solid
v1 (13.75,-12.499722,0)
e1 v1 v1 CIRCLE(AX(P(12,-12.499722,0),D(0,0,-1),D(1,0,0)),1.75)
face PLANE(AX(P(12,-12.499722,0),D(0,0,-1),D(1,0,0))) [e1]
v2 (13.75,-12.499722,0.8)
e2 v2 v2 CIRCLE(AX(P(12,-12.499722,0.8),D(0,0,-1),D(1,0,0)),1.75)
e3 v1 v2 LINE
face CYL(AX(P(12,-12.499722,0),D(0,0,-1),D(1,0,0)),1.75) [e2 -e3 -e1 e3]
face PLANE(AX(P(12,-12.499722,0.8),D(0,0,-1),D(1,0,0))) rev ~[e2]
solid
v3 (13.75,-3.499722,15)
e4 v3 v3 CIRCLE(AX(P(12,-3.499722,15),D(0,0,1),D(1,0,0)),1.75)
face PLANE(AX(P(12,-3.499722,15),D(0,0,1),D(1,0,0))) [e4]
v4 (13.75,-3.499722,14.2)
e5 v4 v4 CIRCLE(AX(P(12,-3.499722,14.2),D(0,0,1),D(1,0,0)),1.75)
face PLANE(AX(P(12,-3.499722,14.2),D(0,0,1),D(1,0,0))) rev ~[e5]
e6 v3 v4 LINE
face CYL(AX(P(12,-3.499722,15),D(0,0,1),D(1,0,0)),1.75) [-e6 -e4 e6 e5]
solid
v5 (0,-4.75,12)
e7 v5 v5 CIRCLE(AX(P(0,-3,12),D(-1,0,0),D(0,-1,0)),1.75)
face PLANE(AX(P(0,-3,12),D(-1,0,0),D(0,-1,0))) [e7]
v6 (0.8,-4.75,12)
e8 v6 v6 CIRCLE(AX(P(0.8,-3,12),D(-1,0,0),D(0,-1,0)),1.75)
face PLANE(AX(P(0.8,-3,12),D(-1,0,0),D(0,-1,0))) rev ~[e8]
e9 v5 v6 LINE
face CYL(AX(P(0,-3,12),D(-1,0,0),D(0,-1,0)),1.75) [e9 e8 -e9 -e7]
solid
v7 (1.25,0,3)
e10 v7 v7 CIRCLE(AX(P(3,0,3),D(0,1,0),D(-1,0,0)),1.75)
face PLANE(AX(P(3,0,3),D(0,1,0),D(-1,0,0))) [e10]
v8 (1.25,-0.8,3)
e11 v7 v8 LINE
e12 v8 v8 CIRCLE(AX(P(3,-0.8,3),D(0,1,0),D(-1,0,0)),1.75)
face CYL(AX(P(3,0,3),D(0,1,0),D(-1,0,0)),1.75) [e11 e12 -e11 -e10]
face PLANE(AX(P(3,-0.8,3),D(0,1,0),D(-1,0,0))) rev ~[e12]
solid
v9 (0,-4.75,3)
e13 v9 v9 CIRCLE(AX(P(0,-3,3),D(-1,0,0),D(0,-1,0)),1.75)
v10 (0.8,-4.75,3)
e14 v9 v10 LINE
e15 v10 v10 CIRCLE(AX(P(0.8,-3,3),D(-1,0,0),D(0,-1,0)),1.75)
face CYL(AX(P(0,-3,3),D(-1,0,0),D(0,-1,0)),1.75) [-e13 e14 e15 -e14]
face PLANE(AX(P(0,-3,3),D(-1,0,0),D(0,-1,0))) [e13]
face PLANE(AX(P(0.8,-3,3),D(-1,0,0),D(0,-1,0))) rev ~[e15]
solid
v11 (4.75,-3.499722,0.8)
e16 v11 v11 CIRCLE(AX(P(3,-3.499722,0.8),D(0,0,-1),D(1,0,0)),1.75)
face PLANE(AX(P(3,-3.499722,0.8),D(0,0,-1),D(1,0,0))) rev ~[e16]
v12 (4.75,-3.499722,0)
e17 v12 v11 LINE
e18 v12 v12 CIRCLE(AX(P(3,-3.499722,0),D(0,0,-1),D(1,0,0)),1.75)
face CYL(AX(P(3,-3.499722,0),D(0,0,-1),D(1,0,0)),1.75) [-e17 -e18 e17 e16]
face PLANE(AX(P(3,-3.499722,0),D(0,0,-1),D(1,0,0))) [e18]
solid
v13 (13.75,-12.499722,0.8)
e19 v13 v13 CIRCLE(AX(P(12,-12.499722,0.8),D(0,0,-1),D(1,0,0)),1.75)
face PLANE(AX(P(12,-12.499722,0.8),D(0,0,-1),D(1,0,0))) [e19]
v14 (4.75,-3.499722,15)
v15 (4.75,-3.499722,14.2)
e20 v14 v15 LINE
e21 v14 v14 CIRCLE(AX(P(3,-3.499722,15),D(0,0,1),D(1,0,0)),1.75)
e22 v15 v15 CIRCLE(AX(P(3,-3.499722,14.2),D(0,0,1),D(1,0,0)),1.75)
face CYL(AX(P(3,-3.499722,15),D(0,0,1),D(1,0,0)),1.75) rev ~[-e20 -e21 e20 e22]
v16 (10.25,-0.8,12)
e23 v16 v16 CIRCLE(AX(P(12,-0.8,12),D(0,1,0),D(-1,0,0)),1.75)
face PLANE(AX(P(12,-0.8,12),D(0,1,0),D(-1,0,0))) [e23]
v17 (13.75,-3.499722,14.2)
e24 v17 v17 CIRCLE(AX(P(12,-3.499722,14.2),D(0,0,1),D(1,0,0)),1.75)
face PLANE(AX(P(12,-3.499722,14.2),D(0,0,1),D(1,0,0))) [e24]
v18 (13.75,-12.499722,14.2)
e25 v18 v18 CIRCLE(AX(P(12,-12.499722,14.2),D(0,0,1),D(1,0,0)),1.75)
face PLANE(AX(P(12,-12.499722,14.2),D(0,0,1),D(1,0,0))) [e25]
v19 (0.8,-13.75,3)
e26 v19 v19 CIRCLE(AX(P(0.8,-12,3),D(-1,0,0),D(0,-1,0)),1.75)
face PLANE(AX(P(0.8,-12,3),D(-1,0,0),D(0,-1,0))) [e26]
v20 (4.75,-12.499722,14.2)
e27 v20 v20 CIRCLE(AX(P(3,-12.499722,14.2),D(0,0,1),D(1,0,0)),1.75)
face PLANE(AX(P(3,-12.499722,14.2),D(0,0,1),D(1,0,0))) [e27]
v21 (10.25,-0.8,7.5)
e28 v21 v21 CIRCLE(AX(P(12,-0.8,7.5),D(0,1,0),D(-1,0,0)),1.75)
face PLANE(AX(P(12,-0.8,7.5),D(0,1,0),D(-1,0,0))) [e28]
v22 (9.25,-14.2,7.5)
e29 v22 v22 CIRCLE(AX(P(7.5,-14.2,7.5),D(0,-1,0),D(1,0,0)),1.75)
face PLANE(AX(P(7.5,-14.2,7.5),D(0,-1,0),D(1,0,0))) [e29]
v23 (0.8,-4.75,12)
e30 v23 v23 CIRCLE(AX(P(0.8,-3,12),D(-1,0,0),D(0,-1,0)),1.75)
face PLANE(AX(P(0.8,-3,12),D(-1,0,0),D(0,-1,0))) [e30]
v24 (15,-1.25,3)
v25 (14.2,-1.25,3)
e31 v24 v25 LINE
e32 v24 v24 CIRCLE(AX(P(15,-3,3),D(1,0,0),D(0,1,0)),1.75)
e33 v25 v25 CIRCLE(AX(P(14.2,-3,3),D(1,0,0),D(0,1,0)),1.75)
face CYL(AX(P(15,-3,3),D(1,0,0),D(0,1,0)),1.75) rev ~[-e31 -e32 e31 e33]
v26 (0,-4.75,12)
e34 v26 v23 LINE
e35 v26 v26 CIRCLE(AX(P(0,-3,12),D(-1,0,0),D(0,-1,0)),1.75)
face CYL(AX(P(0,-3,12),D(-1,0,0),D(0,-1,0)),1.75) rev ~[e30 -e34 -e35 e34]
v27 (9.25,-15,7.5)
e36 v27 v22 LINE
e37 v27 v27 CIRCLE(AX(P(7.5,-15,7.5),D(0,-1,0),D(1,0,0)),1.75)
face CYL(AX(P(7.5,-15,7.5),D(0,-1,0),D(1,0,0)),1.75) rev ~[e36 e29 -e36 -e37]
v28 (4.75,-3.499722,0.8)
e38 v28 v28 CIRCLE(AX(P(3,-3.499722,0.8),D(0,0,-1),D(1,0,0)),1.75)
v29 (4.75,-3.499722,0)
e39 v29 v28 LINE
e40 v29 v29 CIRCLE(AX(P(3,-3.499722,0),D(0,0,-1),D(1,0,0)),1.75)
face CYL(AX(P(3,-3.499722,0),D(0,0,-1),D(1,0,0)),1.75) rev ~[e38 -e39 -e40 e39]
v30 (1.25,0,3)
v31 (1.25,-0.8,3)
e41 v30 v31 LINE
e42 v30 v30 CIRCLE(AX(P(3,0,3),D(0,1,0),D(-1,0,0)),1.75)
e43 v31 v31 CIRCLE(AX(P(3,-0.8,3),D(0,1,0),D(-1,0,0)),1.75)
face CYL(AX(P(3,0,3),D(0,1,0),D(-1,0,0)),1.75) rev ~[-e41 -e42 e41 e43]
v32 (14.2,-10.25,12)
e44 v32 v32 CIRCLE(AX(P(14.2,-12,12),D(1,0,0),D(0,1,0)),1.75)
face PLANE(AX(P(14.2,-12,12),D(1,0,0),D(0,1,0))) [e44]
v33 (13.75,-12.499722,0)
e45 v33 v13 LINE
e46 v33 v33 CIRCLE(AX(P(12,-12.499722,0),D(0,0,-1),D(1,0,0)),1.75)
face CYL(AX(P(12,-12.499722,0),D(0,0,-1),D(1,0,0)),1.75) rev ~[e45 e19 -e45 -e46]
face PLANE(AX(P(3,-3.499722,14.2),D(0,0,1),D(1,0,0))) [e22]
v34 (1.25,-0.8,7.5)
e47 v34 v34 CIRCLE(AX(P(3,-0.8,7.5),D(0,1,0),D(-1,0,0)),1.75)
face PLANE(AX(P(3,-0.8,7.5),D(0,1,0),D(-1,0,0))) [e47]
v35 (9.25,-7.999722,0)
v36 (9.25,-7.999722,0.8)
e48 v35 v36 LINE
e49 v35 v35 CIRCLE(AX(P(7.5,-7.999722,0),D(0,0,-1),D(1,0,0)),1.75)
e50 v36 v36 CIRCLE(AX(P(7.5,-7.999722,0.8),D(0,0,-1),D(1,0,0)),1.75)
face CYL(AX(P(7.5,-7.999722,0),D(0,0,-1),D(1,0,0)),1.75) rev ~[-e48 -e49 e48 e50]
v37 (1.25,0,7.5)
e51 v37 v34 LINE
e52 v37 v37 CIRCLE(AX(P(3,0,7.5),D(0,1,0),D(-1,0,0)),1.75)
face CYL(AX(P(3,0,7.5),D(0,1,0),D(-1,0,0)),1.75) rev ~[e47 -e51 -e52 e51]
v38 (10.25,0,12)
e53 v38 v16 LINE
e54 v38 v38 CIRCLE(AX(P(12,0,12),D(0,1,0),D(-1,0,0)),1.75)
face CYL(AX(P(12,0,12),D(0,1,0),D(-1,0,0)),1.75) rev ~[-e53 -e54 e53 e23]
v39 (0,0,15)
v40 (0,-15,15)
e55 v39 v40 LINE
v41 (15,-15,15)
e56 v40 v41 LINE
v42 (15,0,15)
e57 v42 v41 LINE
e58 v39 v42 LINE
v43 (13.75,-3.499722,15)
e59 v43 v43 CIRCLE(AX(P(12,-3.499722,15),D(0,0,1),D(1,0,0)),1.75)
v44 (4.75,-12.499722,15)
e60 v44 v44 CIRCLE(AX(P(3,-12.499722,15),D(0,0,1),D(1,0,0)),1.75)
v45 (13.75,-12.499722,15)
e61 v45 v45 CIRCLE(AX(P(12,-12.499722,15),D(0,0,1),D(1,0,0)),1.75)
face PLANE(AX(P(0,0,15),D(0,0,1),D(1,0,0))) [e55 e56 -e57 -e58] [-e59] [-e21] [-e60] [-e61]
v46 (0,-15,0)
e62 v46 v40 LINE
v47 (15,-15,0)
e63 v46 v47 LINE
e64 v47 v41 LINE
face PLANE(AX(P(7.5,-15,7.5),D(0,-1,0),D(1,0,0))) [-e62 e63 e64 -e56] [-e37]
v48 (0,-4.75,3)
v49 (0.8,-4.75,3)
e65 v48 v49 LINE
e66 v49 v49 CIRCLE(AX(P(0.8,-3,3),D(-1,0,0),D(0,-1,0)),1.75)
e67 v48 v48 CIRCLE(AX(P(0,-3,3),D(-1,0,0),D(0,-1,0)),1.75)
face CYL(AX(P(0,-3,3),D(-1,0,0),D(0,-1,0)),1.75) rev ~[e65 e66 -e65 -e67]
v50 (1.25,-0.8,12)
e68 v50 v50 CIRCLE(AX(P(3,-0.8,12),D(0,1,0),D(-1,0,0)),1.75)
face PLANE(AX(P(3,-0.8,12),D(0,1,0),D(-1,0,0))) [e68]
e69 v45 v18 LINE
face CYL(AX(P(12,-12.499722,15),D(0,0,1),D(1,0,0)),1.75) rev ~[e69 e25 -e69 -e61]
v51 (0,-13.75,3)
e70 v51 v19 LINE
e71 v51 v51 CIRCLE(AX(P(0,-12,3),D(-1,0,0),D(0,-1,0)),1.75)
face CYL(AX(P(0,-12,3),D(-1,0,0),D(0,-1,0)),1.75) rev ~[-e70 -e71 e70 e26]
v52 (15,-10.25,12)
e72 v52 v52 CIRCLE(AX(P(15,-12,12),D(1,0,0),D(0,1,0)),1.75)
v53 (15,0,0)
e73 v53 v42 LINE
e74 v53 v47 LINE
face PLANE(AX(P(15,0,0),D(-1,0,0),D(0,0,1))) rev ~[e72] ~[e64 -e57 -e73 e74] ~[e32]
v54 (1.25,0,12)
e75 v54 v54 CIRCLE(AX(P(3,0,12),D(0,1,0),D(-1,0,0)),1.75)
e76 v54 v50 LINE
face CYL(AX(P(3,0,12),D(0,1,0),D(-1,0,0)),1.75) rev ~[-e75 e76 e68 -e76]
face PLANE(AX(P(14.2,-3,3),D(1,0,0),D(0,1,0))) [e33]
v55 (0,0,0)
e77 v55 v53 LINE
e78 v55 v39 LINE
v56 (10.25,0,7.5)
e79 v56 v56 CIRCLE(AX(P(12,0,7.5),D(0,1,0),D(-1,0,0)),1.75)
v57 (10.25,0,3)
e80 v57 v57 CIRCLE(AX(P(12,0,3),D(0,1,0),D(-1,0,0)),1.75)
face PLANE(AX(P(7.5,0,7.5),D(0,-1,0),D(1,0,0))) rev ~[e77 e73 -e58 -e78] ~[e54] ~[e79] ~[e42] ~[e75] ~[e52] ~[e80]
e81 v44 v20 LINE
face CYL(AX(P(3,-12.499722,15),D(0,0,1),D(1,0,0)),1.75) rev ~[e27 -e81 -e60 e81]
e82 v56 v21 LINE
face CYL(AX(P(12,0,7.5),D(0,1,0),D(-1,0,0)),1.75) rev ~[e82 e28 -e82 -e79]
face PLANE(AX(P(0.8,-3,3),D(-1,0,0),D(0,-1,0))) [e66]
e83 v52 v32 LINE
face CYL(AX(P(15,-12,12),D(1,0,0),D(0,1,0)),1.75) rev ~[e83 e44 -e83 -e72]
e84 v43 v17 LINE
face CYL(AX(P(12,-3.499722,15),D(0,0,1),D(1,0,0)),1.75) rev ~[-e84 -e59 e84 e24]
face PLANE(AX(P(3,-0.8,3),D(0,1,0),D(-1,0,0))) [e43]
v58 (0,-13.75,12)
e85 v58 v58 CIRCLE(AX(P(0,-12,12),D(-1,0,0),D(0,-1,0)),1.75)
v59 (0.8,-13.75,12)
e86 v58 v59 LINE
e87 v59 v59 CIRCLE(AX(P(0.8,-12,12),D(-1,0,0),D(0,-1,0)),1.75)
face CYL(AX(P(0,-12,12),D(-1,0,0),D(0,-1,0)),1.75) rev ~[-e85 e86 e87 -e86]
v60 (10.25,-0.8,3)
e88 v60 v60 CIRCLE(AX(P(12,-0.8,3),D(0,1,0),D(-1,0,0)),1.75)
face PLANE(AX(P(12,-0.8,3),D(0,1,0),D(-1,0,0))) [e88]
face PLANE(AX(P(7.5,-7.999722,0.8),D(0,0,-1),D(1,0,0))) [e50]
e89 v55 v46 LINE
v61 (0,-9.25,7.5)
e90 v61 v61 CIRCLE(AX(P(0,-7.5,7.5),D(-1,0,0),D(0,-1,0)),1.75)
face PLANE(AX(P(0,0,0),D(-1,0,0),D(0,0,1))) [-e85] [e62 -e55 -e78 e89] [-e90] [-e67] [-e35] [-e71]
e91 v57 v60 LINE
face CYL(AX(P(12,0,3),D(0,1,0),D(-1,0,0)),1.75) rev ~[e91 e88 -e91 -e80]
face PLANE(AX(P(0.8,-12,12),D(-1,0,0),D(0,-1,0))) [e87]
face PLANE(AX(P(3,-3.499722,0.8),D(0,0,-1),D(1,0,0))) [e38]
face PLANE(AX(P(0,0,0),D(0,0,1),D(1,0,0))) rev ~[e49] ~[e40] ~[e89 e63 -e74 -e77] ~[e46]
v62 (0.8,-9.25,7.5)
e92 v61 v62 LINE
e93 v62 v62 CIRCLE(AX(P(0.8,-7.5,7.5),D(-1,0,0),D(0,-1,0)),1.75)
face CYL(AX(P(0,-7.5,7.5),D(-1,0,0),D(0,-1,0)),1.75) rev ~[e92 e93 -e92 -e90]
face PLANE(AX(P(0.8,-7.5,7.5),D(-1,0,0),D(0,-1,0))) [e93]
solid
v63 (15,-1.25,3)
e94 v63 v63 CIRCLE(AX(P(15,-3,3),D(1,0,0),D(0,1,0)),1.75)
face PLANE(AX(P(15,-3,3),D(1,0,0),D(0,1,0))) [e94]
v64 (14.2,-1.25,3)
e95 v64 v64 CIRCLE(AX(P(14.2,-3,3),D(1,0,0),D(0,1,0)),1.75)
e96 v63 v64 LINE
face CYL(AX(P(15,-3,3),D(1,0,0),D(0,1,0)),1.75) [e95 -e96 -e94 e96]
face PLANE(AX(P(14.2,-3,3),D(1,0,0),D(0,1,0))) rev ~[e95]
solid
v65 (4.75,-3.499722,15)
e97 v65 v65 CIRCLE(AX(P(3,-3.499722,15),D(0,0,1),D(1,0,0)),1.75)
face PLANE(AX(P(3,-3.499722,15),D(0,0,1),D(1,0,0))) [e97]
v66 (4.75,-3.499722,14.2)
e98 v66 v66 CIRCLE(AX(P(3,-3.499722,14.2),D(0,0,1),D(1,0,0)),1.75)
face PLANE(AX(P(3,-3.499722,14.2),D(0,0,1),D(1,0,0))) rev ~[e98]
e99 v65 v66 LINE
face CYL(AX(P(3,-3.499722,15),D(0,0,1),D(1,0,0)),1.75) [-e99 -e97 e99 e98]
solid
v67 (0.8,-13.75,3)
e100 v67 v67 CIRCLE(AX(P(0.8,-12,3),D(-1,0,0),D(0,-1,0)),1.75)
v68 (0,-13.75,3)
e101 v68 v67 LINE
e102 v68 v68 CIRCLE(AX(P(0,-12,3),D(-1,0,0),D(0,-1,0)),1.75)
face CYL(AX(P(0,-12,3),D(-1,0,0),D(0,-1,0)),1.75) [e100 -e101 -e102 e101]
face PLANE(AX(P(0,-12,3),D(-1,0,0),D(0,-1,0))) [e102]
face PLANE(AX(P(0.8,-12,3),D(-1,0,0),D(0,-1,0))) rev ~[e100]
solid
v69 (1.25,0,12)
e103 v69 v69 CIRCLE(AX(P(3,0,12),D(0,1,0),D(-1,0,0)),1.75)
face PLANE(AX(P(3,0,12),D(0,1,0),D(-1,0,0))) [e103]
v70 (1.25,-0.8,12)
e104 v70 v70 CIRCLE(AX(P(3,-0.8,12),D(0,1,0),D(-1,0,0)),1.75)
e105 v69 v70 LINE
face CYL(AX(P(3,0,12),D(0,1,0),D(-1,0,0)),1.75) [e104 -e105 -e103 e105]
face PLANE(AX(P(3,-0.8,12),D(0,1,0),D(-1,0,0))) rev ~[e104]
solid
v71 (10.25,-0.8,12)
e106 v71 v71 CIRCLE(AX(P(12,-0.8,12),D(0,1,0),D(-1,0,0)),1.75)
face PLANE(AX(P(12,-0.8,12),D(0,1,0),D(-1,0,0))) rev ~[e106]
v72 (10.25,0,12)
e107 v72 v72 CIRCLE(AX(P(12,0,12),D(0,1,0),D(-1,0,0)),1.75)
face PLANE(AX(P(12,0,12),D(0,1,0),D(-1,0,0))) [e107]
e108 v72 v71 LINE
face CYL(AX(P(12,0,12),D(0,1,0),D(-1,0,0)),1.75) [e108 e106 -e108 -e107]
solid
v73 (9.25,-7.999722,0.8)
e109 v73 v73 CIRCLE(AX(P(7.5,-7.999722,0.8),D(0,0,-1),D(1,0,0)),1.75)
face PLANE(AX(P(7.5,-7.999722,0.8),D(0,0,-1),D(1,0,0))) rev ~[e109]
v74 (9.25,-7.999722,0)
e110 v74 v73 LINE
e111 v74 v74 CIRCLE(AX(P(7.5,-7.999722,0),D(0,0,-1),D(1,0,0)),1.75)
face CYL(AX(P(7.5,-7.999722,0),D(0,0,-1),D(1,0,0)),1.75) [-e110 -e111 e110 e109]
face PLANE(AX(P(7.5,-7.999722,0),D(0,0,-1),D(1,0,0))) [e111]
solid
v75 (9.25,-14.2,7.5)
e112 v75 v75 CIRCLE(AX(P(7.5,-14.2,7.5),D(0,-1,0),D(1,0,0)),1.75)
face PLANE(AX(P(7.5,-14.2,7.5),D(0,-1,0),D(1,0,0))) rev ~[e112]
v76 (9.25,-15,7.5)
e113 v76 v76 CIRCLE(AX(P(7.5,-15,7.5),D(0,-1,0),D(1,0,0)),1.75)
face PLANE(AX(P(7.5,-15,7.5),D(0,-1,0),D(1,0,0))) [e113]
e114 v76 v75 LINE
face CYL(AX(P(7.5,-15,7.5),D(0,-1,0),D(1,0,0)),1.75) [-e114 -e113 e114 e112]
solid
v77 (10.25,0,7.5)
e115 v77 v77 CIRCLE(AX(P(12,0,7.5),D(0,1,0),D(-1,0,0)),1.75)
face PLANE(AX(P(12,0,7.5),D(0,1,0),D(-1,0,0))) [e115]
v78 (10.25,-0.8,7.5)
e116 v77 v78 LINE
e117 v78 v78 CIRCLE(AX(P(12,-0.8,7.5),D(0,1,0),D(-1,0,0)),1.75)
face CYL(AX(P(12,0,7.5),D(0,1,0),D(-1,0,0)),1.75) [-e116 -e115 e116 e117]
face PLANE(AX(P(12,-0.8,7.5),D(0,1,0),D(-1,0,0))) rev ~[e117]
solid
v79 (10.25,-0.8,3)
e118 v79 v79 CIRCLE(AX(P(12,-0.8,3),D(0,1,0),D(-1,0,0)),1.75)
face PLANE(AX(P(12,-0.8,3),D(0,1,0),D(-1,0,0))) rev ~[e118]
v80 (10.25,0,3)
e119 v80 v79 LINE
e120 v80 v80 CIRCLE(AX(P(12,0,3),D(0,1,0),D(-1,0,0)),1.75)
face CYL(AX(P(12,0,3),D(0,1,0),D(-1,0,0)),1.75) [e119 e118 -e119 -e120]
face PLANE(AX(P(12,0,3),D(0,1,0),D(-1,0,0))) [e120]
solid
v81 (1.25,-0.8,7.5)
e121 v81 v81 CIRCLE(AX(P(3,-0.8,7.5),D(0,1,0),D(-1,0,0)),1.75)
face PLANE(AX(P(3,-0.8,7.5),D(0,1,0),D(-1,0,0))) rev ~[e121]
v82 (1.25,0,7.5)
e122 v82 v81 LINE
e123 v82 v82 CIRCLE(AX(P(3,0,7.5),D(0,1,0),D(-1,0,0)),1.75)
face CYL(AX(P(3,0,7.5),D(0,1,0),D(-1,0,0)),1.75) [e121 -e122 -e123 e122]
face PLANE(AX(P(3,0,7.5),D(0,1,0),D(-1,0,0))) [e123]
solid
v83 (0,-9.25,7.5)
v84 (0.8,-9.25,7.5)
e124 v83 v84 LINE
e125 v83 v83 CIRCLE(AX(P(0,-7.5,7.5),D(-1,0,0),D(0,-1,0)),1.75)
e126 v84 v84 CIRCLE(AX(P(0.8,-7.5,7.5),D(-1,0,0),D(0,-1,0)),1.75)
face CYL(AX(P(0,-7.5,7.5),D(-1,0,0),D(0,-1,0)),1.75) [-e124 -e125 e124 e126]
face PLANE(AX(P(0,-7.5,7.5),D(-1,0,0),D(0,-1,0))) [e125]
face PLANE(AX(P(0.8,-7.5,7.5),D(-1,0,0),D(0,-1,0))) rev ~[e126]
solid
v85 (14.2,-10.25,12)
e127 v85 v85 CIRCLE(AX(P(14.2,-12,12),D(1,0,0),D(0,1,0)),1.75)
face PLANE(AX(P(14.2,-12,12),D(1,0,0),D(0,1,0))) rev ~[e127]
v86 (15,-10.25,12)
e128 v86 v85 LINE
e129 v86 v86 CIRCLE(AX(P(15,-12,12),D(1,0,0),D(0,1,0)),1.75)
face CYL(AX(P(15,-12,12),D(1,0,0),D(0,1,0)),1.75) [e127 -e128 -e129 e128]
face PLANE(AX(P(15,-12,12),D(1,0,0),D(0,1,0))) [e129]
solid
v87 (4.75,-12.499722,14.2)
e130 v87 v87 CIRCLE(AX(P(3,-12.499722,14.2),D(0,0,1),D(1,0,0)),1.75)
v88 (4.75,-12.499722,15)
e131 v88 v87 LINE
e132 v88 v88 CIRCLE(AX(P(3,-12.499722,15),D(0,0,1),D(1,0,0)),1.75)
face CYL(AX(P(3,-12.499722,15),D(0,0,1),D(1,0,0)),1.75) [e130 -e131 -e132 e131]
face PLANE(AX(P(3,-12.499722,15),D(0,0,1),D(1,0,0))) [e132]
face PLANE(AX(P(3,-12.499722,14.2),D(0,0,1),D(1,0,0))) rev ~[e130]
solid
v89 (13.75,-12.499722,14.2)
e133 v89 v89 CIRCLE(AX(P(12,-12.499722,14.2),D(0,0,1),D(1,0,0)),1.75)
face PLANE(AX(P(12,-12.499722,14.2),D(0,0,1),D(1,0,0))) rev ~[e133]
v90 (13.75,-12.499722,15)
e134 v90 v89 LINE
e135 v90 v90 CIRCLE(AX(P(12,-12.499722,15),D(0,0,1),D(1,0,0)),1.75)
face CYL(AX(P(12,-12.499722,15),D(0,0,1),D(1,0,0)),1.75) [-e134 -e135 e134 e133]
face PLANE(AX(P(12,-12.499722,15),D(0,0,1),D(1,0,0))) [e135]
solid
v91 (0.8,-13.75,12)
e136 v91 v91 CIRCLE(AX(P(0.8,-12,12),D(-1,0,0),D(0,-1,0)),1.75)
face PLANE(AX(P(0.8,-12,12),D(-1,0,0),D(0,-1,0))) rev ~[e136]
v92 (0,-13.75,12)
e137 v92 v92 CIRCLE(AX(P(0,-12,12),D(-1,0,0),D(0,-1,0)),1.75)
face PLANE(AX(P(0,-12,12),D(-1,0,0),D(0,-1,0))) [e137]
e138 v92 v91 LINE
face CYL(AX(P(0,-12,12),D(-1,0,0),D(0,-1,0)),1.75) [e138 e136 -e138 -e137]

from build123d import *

# Parameters (mm, degrees)
F0_W      = 15
F0_H      = 15
F1_DEPTH  = 15
F2_R      = 1.75
F4_DEPTH  = 0.8
F3_R      = 1.75
F5_DEPTH  = 0.8
F6_R      = 1.75
F7_DEPTH  = 0.8
F8_R      = 1.75
F9_DEPTH  = 0.8
F10_R     = 1.75
F11_DEPTH = 0.8
F12_R     = 1.75
F13_DEPTH = 0.8


with BuildPart() as f1:
    # F0 (on Front) → F1 (new body)
    with BuildSketch(Plane.XZ):
        with Locations((7.5, 7.5)):
            Rectangle(F0_W, F0_H)
    extrude(amount=F1_DEPTH)


with BuildPart() as f4:
    # F2 (on face) → F4 (new body)
    with BuildSketch(Plane.XZ.offset(15)):
        with Locations((7.5, 7.5)):
            Circle(F2_R)
    extrude(amount=-F4_DEPTH)


with BuildPart() as f5:
    # F3 (on face) → F5 (new body)
    with BuildSketch(Plane(origin=(0, 0, 0), x_dir=(-1, 0, 0), z_dir=(0, 1, 0))):
        with Locations((-12, 12)):
            Circle(F3_R)
        with Locations((-12, 7.5)):
            Circle(F3_R)
        with Locations((-12, 3)):
            Circle(F3_R)
        with Locations((-3, 12)):
            Circle(F3_R)
        with Locations((-3, 7.5)):
            Circle(F3_R)
        with Locations((-3, 3)):
            Circle(F3_R)
    extrude(amount=-F5_DEPTH)


with BuildPart() as f7:
    # F6 (on face) → F7 (new body)
    with BuildSketch(Plane.YZ.offset(15)):
        with Locations((-12, 12)):
            Circle(F6_R)
        with Locations((-3, 3)):
            Circle(F6_R)
    extrude(amount=-F7_DEPTH)


with BuildPart() as f9:
    # F8 (on face) → F9 (new body)
    with BuildSketch(Plane(origin=(0, 0, 0), x_dir=(0, -1, 0), z_dir=(-1, 0, 0))):
        with Locations((3, 12)):
            Circle(F8_R)
        with Locations((3, 3)):
            Circle(F8_R)
        with Locations((12, 12)):
            Circle(F8_R)
        with Locations((12, 3)):
            Circle(F8_R)
        with Locations((7.5, 7.5)):
            Circle(F8_R)
    extrude(amount=-F9_DEPTH)


with BuildPart() as f11:
    # F10 (on face) → F11 (new body)
    with BuildSketch(Plane(origin=(0, 0, 0), x_dir=(1, 0, 0), z_dir=(0, 0, -1))):
        with Locations((3, 3.499722)):
            Circle(F10_R)
        with Locations((12, 12.499722)):
            Circle(F10_R)
        with Locations((7.5, 7.999722)):
            Circle(F10_R)
    extrude(amount=-F11_DEPTH)


with BuildPart() as f13:
    # F12 (on face) → F13 (new body)
    with BuildSketch(Plane.XY.offset(15)):
        with Locations((3, -3.499722)):
            Circle(F12_R)
        with Locations((3, -12.499722)):
            Circle(F12_R)
        with Locations((12, -3.499722)):
            Circle(F12_R)
        with Locations((12, -12.499722)):
            Circle(F12_R)
    extrude(amount=-F13_DEPTH)


with BuildPart() as f1_1:
    add(f1.part)

    # F14: cut F4, F5, F7, F9, F11, F13
    add(f4.part, mode=Mode.SUBTRACT)
    add(f5.part, mode=Mode.SUBTRACT)
    add(f7.part, mode=Mode.SUBTRACT)
    add(f9.part, mode=Mode.SUBTRACT)
    add(f11.part, mode=Mode.SUBTRACT)
    add(f13.part, mode=Mode.SUBTRACT)


solid = Compound([f4.part, f5.part, f7.part, f9.part, f11.part, f13.part, f1_1.part])
